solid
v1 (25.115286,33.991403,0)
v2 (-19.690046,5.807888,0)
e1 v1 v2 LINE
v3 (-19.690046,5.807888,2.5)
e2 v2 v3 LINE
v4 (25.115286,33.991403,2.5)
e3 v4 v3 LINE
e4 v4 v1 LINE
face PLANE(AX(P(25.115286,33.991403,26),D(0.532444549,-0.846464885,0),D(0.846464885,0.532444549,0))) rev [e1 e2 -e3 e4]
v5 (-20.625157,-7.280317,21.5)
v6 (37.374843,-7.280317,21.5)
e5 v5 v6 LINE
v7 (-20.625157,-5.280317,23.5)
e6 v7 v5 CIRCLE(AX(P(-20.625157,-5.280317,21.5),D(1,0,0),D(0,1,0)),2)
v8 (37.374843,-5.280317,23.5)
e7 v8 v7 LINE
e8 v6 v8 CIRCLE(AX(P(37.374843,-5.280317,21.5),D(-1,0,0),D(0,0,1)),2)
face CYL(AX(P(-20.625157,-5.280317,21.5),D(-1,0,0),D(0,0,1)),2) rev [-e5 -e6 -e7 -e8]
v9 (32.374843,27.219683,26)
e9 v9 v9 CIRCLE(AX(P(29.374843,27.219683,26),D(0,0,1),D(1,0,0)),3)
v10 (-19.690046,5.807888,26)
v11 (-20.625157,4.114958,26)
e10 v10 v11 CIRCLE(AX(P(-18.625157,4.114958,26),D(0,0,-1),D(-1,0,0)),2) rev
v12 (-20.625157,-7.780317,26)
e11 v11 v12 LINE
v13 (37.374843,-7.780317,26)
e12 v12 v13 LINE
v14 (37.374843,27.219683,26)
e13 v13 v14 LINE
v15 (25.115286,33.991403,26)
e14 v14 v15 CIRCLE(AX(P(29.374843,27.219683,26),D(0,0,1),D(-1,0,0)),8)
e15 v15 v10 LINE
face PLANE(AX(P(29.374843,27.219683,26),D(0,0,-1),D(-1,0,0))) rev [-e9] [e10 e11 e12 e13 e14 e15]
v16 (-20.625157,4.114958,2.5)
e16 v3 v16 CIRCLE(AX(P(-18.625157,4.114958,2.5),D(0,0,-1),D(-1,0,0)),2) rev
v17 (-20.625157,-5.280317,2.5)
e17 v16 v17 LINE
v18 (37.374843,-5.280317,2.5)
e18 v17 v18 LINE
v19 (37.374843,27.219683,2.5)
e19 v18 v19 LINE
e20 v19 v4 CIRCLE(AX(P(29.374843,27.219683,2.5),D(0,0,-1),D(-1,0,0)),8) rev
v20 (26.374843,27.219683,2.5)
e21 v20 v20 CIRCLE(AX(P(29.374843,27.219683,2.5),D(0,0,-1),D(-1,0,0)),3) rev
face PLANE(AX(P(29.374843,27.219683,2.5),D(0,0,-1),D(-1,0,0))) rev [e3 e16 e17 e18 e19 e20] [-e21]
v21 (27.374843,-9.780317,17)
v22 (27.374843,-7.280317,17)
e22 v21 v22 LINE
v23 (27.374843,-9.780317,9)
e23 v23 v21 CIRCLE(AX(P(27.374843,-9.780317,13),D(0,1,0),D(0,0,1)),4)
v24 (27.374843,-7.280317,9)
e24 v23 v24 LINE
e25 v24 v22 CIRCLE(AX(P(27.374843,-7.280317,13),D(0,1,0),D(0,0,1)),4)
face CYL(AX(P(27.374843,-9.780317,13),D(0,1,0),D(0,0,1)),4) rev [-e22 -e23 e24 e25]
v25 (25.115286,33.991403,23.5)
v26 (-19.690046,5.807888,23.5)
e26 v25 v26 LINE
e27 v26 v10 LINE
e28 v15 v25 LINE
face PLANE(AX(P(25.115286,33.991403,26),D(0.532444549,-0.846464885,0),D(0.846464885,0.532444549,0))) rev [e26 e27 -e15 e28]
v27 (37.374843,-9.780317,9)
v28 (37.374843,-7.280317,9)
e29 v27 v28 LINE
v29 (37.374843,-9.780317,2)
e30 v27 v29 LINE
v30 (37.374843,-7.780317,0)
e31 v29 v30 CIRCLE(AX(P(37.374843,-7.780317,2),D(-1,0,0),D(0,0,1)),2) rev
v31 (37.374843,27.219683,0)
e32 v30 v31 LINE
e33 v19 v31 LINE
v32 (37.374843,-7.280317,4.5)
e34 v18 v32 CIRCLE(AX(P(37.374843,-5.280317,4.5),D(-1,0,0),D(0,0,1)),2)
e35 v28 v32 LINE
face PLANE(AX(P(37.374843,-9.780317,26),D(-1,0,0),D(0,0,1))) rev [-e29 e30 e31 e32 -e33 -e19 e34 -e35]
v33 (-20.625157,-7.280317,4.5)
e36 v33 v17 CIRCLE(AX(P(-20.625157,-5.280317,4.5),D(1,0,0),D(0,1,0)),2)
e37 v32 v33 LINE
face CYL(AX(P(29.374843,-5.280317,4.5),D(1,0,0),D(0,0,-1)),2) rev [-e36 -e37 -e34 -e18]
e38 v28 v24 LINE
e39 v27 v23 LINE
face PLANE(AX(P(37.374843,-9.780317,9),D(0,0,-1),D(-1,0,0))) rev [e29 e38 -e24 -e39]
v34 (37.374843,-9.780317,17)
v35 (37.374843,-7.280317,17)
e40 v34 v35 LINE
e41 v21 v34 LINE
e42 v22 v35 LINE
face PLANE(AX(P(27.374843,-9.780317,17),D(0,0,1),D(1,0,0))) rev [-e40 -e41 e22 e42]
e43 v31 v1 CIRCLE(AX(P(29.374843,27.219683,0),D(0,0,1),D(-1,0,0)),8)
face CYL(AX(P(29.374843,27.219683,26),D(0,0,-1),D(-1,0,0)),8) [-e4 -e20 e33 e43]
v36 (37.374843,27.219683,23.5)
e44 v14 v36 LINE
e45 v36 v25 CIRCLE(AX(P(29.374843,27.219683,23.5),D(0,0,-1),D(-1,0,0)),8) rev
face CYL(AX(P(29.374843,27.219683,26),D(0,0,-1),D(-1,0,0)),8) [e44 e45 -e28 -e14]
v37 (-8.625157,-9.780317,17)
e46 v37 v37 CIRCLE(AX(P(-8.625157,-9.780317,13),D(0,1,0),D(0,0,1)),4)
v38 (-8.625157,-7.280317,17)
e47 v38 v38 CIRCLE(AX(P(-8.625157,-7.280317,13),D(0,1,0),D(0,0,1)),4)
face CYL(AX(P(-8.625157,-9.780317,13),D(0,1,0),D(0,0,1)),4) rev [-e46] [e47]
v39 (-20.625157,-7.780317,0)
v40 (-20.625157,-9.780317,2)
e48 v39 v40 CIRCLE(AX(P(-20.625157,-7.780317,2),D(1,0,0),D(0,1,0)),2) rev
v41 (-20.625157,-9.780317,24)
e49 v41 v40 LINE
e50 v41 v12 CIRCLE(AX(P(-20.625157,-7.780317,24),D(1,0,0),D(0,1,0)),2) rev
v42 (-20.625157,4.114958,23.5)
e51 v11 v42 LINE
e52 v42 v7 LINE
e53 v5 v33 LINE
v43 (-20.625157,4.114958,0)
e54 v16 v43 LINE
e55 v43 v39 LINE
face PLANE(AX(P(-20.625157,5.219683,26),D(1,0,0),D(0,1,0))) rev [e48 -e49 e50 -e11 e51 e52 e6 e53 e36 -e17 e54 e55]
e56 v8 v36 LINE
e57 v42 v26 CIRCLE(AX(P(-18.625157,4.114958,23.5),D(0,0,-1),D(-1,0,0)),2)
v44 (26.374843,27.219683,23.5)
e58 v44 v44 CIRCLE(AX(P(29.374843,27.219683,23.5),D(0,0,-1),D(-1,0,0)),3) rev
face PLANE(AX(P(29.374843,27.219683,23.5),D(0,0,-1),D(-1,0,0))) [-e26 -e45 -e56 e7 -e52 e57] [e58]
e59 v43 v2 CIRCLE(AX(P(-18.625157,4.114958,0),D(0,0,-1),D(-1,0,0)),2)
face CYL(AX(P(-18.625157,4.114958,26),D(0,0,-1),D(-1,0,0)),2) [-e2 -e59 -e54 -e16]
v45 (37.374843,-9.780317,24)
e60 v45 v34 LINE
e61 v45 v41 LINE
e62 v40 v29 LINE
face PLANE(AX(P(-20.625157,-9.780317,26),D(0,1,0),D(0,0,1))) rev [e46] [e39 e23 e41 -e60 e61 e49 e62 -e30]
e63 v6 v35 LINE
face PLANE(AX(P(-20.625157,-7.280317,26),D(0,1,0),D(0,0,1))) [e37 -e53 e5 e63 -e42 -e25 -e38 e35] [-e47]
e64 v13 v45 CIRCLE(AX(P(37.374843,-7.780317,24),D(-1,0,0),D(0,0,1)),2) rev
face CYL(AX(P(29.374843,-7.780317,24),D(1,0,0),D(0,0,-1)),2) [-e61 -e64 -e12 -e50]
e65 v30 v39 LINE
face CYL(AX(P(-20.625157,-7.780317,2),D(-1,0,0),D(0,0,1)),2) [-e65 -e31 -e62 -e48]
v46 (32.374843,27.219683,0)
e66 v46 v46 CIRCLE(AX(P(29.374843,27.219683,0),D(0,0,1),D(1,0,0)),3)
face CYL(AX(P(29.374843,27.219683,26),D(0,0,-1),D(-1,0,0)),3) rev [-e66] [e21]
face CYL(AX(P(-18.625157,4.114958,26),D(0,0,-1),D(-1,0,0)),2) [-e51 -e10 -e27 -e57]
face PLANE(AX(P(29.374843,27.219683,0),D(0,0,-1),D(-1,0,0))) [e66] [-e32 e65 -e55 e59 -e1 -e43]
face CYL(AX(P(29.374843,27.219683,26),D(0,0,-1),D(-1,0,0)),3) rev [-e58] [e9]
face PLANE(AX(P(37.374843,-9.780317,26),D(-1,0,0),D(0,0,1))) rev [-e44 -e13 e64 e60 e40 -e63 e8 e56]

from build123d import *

# Parameters (mm, degrees)
SKETCH1_R           = 3
BOSS_EXTRUDE1_DEPTH = 26
SHELL1_T            = -2.5
FILLET1_R           = 2
SKETCH2_R           = 4
CUT_EXTRUDE1_DEPTH  = 10.780316569
CUT_EXTRUDE2_DEPTH  = 10.780316569


with BuildPart() as part:
    # Sketch1 → Boss-Extrude1 (new body)
    with BuildSketch(Plane.XY):
        with BuildLine():
            Line((-20.625157389, -9.780316569), (37.374842611, -9.780316569))
            Line((37.374842611, -9.780316569), (37.374842611, 27.219683431))
            ThreePointArc((37.374842611, 27.219683431), (33.242887907, 34.222413298), (25.115286215, 33.991402512))
            Line((25.115286215, 33.991402512), (-20.625157389, 5.219683431))
            Line((-20.625157389, 5.219683431), (-20.625157389, -9.780316569))
        make_face()
        with Locations((29.374842611, 27.219683431)):
            Circle(SKETCH1_R, mode=Mode.SUBTRACT)
    extrude(amount=BOSS_EXTRUDE1_DEPTH)

    # Shell1
    shell1_openings = [part.faces().sort_by_distance(p)[0] for p in [
        (2.245064413, 19.605542972, 13),
        (32.24397616, 32.413978135, 13),
        (37.374842611, 8.719683431, 13),
        (-20.625157389, -2.280316569, 13),
        (32.374842611, 27.219683431, 26),
    ]]
    offset(amount=SHELL1_T, openings=shell1_openings, kind=Kind.INTERSECTION)

    # Fillet1
    fillet1_edges = [part.edges().sort_by_distance(p)[0] for p in [
        (-20.625157389, 5.219683431, 1.25),
        (8.374842611, -7.280316569, 23.5),
        (8.374842611, -7.280316569, 2.5),
        (8.374842611, -9.780316569, 0),
        (8.374842611, -9.780316569, 26),
        (-20.625157389, 5.219683431, 24.75),
    ]]
    fillet(fillet1_edges, radius=FILLET1_R)

    # Sketch2 → Cut-Extrude1 (cut, through all)
    with BuildSketch(Plane(origin=(0, 0, 0), x_dir=(1, 0, 0), z_dir=(0, 1, 0))):
        with Locations((-8.625157389, -13)):
            Circle(SKETCH2_R)
    extrude(amount=-CUT_EXTRUDE1_DEPTH, mode=Mode.SUBTRACT)

    # Sketch3 → Cut-Extrude2 (cut, through all)
    with BuildSketch(Plane(origin=(0, 0, 0), x_dir=(1, 0, 0), z_dir=(0, 1, 0))):
        with BuildLine():
            Line((37.374842611, -9), (27.374842611, -9))
            ThreePointArc((27.374842611, -9), (23.374842611, -13), (27.374842611, -17))
            Line((27.374842611, -17), (37.374842611, -17))
            Line((37.374842611, -17), (37.374842611, -9))
        make_face()
    extrude(amount=-CUT_EXTRUDE2_DEPTH, mode=Mode.SUBTRACT)


solid = part.part
